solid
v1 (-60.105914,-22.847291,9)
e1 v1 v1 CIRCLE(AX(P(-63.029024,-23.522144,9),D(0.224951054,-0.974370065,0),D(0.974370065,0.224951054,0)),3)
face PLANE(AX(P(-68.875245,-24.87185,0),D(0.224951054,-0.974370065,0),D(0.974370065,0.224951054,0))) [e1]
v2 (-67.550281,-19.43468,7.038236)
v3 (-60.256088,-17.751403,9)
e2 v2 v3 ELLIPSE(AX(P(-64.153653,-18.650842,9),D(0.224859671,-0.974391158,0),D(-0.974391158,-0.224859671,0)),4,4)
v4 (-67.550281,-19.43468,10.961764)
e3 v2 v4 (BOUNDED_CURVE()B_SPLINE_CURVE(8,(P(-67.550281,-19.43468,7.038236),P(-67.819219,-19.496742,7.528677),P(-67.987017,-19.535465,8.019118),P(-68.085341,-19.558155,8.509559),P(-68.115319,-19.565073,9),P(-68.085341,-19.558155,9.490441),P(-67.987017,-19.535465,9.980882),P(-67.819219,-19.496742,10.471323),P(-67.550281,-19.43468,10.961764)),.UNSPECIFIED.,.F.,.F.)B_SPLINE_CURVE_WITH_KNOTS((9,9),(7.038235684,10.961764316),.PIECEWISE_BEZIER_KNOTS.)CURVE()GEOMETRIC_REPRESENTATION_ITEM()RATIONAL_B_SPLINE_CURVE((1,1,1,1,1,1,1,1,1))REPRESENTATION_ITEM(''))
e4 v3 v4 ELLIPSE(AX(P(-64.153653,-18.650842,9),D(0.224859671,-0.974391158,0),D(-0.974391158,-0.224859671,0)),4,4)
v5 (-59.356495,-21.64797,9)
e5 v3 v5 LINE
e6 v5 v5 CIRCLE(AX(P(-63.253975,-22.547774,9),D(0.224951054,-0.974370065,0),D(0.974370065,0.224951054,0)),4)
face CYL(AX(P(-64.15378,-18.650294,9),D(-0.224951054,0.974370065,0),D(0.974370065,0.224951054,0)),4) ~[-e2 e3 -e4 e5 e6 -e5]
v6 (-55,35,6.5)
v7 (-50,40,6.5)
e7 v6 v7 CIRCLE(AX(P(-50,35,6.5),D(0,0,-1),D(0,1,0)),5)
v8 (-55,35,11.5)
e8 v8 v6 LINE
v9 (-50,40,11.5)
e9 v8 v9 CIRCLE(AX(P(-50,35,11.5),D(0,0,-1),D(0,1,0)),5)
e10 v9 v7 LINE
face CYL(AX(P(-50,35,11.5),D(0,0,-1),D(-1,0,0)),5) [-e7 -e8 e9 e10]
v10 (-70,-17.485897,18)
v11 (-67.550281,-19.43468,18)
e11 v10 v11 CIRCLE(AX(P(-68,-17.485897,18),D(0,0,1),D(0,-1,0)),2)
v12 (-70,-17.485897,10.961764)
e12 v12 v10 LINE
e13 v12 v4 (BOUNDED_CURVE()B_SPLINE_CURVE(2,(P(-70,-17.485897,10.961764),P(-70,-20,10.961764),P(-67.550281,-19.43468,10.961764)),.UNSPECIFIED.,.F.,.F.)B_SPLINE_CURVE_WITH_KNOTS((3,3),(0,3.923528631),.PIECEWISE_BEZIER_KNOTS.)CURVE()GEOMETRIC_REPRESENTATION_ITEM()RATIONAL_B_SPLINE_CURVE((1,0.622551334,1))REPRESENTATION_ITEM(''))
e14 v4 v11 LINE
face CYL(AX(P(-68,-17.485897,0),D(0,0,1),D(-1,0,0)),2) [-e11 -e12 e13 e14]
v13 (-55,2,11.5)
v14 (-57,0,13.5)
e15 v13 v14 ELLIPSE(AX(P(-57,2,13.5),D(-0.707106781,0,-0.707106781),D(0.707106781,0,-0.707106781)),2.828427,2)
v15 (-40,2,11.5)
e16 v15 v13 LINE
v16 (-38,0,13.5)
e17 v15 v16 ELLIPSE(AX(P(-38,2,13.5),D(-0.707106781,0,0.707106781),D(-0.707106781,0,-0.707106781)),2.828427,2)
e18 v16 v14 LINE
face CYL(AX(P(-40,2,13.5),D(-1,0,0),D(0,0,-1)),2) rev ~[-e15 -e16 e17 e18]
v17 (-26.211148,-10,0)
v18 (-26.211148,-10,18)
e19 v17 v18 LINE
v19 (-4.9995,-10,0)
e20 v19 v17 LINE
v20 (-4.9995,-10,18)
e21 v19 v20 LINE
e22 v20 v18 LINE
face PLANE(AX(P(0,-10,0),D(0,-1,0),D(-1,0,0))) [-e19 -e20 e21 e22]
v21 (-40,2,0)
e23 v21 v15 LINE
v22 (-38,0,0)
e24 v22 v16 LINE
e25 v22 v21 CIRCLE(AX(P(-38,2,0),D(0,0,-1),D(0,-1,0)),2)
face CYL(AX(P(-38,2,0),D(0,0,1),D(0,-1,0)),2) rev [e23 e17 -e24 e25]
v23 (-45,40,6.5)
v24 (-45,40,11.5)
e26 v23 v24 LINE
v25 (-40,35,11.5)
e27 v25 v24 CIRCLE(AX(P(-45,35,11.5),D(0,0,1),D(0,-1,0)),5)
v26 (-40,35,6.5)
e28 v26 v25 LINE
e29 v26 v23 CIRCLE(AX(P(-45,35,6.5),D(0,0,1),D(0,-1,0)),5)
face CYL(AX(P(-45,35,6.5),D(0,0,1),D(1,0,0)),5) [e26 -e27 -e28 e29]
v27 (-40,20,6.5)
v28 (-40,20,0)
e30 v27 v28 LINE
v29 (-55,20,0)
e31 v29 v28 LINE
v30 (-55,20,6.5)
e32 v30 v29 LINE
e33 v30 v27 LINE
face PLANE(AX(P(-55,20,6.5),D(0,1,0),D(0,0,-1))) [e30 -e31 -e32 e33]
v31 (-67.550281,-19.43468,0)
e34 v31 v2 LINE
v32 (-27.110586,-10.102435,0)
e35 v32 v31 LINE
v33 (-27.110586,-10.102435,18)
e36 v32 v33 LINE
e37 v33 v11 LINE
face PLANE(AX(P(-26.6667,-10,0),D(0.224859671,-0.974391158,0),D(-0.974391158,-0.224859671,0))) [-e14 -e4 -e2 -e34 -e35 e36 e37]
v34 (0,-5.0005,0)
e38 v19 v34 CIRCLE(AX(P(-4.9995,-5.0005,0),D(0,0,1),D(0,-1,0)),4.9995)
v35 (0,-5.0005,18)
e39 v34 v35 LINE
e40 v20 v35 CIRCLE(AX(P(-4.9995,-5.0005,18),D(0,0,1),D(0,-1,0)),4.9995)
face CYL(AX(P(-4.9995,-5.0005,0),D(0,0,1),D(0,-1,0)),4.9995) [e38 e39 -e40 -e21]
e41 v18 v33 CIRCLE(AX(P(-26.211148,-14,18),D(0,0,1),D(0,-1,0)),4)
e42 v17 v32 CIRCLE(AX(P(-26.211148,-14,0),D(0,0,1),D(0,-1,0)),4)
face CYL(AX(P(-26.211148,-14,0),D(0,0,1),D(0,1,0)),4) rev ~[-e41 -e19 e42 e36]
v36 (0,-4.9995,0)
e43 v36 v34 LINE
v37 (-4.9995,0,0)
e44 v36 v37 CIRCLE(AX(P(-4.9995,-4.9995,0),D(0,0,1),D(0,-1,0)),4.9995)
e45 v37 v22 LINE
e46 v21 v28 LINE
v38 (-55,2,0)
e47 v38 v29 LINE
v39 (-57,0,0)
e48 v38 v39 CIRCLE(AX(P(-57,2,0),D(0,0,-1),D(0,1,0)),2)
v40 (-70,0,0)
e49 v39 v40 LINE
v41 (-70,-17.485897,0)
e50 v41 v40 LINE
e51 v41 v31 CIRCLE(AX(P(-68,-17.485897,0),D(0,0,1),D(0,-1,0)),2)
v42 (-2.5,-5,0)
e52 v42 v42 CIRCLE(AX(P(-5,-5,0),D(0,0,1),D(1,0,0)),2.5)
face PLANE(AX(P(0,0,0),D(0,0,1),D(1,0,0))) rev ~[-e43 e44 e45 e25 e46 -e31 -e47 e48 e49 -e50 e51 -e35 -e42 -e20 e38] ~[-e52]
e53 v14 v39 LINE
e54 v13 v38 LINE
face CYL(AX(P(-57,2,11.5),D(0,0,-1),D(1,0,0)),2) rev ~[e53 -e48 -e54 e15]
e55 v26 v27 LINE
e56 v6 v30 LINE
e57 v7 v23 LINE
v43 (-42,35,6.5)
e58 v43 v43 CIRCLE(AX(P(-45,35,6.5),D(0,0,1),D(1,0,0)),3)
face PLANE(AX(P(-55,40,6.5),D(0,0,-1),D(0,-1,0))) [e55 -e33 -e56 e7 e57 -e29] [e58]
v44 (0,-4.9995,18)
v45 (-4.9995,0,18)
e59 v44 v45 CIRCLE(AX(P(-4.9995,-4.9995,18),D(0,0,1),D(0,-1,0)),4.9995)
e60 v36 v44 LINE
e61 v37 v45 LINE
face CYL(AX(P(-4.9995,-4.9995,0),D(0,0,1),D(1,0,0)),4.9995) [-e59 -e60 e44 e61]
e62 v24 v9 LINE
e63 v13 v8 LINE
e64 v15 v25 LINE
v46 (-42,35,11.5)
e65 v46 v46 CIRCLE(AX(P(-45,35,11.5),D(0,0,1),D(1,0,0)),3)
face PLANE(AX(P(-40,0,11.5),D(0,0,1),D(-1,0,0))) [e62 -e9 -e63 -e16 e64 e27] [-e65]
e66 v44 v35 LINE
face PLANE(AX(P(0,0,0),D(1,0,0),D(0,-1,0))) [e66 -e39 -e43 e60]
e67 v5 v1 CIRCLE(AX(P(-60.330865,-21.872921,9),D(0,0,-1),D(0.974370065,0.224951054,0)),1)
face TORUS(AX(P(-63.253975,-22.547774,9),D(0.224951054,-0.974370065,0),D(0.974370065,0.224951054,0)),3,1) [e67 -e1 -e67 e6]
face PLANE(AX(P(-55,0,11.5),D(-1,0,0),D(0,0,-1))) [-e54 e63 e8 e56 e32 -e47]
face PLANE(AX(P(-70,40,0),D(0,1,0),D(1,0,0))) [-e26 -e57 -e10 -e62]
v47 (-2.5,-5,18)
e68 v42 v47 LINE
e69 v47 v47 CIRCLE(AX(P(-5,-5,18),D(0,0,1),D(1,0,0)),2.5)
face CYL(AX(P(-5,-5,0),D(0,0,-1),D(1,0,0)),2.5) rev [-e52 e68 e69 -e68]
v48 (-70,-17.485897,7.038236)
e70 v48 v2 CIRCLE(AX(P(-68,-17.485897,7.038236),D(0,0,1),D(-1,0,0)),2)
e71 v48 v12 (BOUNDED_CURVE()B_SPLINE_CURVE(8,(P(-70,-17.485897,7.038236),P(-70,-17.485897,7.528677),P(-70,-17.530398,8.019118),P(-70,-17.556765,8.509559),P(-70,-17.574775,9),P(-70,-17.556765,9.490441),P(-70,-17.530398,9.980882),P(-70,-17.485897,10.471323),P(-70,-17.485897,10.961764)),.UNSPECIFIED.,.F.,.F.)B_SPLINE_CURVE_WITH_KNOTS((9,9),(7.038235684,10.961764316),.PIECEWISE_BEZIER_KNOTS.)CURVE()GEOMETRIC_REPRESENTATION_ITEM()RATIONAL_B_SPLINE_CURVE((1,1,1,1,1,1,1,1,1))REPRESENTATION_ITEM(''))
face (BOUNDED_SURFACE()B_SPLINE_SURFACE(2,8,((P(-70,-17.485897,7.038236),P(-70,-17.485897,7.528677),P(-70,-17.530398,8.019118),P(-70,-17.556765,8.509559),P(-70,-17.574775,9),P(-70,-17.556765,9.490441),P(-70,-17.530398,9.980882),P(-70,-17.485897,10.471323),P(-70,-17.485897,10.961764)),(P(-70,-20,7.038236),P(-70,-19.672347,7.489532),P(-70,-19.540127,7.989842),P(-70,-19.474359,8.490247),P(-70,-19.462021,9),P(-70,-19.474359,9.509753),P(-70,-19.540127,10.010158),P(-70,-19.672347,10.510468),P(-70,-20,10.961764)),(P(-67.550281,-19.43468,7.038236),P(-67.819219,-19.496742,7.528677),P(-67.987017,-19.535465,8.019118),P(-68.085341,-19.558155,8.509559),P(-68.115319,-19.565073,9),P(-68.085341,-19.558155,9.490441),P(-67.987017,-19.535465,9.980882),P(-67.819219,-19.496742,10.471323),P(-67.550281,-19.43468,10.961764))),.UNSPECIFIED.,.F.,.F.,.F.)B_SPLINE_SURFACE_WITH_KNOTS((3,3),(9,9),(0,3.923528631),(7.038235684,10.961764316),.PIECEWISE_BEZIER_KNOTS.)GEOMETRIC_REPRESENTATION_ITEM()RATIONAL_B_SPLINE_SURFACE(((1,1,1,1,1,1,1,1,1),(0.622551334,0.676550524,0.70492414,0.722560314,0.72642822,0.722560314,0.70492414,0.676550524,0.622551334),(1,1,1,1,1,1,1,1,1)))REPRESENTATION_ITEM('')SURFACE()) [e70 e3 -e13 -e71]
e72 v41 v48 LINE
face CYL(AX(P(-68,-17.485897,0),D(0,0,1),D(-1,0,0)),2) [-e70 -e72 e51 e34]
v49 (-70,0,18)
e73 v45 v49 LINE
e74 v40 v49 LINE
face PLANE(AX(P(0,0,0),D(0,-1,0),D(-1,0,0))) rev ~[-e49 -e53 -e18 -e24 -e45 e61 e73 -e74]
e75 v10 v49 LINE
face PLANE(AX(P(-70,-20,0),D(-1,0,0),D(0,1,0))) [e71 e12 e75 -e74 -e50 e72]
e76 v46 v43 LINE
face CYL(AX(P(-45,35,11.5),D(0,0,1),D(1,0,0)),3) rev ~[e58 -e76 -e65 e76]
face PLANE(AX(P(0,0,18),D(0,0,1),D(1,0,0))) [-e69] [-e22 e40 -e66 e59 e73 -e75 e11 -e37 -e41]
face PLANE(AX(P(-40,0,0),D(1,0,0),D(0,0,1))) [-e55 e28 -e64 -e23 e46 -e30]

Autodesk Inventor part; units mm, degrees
ref_plane "YZ Plane" through (0, 0, 0) normal (1, 0, 0) x (0, 1, 0)
ref_plane "XZ Plane" through (0, 0, 0) normal (0, 1, 0) x (-1, 0, 0)
ref_plane "XY Plane" through (0, 0, 0) normal (0, 0, 1) x (1, 0, 0)
sketch "Sketch1" plane through (0, 0, 0) normal (0, 0, 1) x (1, 0, 0)
  line L0 (0, 0) -> (-70, 0)
  line L1 (0, 0) -> (0, -10)
  line L2 (0, -10) -> (-26.6667, -10)
  line L3 (-26.6667, -10) -> (-70, -20)
  line L4 (-70, -20) -> (-70, 0)
  circle A0 centre (-5, -5) radius 2.5
  dimension "d0" = 70
  dimension "d1" = 5
  dimension "d2" = 10
  dimension "d3" = 5
  dimension "d4" = 5
  dimension "d5" = 20
extrude "Extrusion1" add sketch "Sketch1" along normal blind 18
fillet "Fillet4" radius 4 1 edges at (-26.6667, -10, 9)
fillet "Fillet5" radius 5 2 edges at (0, 0, 9) (0, -10, 9)
sketch "Sketch4" plane through (-70, -20, 0) normal (0.2249, -0.9744, 0) x (0.9744, 0.2249, 0)
  circle A0 centre (6, 9) radius 4
  line L0 (44.0167, 18) -> (44.0167, 0) projected
  line L1 (0, 18) -> (44.0167, 18) projected
  line L2 (0, 0) -> (0, 18) projected
  line L3 (0, 0) -> (44.0167, 0) projected
  point P0 (72.7046, 0)
  dimension "d24" = 8
  dimension "d25" = 6
  dimension "d26" = 9
extrude "Extrusion4" add sketch "Sketch4" along normal blind 5 contours A0
fillet "Fillet6" radius 1 1 edges at (-66.9269, -24.4222, 9)
sketch "Sketch5" plane through (-70, 0, 0) normal (0, 1, 0) x (1, 0, 0)
  line L0 (15, 0) -> (30, 0)
  line L1 (30, 0) -> (30, -11.5)
  line L2 (30, -11.5) -> (15, -11.5)
  line L3 (15, -11.5) -> (15, 0)
  line L4 (65, -18) -> (0, -18) projected
  line L5 (0, 0) -> (0, -18) projected
  line L6 (65, 0) -> (0, 0) projected
  point P0 (70, 0)
  point P1 (0, -3.5)
  dimension "d31" = 15
  dimension "d33" = 6.5
  dimension "d34" = 15
extrude "Extrusion5" add sketch "Sketch5" along normal blind 40
sketch "Sketch6" plane through (-40, 0, 11.5) normal (0, 0, 1) x (1, 0, 0)
  circle A0 centre (-5, 35) radius 3
  line L0 (-15, 40) -> (0, 40) projected
  line L1 (0, 0) -> (0, 40) projected
  point P0 (40, 0)
  dimension "d37" = 6
  dimension "d38" = 5
  dimension "d39" = 5
extrude "Extrusion6" cut sketch "Sketch6" against normal up to next
sketch "Sketch7" plane through (-55, 0, 0) normal (-1, 0, 0) x (0, 0, 1)
  line L0 (0, 40) -> (6.5, 40)
  line L1 (0, 20) -> (0, 40)
  line L2 (6.5, 40) -> (6.5, 20)
  line L3 (6.5, 20) -> (0, 20)
  line L4 (0, 0) -> (0, 40) projected
  line L5 (11.5, 0) -> (11.5, 40) projected
  line L6 (0, 40) -> (11.5, 40) projected
  dimension "d42" = 5
  dimension "d44" = 20
extrude "Extrusion7" cut sketch "Sketch7" against normal up to next
fillet "Fillet8" radius 5 2 edges at (-40, 40, 9) (-55, 40, 9)
fillet "Fillet9" radius 2 3 edges at (-55, 0, 5.75) (-47.5, 0, 11.5) (-40, 0, 5.75)
fillet "Fillet10" radius 2 1 edges at (-70, -20, 9)
properties part number "Swinging_connection" material "Wood (Cherry)"
